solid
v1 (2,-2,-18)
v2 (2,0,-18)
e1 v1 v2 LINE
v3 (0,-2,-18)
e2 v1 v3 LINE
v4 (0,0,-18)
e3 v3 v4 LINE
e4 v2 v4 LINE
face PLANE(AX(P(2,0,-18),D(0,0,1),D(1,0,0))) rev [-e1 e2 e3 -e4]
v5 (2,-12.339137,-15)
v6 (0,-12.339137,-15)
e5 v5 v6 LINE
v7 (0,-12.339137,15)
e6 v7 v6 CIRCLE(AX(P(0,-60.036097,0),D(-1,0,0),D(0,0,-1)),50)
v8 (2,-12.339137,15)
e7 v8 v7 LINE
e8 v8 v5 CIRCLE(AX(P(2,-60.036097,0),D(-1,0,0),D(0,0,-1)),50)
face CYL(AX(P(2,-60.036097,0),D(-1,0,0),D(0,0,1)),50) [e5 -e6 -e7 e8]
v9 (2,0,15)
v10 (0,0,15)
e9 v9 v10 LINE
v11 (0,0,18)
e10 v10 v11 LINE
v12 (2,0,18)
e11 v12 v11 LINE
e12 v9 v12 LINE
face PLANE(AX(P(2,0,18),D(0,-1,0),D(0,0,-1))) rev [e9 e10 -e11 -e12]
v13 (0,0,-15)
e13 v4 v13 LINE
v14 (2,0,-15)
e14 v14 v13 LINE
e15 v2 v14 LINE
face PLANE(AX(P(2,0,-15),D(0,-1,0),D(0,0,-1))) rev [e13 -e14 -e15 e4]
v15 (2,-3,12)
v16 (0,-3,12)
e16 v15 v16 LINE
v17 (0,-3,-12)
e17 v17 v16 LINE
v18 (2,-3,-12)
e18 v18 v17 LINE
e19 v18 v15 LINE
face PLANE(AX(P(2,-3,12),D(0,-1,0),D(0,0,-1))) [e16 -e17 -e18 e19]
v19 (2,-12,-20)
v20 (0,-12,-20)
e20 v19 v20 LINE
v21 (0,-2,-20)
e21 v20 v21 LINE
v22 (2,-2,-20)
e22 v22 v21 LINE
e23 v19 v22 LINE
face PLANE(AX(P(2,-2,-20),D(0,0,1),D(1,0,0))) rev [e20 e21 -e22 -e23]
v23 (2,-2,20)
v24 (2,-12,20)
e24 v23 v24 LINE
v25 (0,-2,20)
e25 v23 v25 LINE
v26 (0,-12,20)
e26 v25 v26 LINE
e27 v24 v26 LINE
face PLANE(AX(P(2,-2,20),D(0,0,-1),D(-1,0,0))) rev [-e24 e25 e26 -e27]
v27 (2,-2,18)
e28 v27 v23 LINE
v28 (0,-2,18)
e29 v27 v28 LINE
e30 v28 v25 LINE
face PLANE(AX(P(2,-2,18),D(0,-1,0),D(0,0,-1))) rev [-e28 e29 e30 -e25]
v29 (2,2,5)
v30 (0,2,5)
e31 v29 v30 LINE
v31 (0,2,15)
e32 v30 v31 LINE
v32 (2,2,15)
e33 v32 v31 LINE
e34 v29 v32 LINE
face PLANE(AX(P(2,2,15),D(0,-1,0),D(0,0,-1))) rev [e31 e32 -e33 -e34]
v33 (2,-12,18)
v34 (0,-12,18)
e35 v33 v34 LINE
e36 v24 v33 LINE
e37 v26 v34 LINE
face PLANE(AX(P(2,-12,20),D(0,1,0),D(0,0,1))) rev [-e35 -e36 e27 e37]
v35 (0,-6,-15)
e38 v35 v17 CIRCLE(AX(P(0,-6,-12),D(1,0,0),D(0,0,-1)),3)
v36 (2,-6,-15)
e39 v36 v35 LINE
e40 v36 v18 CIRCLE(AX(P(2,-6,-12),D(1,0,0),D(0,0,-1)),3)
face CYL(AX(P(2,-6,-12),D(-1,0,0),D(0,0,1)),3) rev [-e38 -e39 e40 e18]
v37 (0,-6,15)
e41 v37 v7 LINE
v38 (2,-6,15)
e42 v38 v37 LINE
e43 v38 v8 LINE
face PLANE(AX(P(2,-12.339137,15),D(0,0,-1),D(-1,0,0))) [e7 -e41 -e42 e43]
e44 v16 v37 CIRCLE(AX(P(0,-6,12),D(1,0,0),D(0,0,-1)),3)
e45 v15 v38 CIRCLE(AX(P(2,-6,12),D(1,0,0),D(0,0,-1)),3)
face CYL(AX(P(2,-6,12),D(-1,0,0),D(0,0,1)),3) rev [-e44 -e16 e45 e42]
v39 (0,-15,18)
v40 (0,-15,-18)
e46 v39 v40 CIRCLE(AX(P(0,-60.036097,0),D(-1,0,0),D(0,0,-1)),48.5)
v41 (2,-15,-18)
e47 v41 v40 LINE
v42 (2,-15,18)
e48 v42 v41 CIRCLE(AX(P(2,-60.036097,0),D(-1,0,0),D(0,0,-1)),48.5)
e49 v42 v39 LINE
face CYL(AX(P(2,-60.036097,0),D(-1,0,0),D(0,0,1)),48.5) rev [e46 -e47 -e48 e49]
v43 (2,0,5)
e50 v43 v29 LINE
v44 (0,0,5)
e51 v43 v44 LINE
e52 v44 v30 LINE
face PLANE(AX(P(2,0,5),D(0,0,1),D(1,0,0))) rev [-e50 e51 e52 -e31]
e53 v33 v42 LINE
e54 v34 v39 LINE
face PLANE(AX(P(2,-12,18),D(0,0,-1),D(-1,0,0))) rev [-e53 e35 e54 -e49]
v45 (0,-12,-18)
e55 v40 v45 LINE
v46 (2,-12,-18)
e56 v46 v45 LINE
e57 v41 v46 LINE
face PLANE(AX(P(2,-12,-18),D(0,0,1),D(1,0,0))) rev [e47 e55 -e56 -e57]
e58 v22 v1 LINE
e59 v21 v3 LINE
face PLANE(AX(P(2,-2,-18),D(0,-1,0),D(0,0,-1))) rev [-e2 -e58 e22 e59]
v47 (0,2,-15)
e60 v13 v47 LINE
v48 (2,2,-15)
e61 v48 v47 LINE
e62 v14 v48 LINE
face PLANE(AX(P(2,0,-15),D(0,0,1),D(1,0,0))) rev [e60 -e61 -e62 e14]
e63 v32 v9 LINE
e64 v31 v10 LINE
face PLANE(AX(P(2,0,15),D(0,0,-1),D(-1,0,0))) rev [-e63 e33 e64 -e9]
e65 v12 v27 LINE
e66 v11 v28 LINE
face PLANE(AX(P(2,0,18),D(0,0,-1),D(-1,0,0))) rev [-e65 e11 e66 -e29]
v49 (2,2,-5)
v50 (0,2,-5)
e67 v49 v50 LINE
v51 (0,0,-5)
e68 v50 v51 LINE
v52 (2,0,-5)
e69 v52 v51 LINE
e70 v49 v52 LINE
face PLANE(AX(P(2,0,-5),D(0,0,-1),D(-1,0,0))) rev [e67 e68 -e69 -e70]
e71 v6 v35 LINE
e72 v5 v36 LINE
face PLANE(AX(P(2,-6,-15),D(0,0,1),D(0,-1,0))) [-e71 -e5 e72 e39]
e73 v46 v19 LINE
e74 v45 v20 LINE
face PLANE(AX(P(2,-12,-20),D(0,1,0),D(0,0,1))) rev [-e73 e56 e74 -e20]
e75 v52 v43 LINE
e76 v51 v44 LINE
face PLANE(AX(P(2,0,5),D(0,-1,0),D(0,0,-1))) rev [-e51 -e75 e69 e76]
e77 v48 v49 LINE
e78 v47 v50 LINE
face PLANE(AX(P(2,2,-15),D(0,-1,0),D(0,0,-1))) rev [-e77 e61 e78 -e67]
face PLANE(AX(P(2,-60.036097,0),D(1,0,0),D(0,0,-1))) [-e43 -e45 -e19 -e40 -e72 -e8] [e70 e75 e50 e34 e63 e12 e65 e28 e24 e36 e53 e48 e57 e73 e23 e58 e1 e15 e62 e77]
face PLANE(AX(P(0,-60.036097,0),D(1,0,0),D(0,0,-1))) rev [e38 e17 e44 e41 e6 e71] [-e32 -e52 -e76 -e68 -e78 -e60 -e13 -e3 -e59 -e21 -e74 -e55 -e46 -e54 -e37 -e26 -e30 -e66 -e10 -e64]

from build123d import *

# Parameters (mm, degrees)
BOSS_EXTRUDE1_DEPTH = 2


with BuildPart() as part:
    # Sketch1 → Boss-Extrude1 (new body)
    with BuildSketch(Plane(origin=(0, 0, 0), x_dir=(0, 0, -1), z_dir=(1, 0, 0))):
        with BuildLine():
            Line((-18, 0), (-15, 0))
            Line((-15, 0), (-15, 2))
            Line((-15, 2), (-5, 2))
            Line((-5, 2), (-5, 0))
            Line((-5, 0), (5, 0))
            Line((5, 0), (5, 2))
            Line((5, 2), (15, 2))
            Line((15, 2), (15, 0))
            Line((15, 0), (18, 0))
            Line((18, 0), (18, -2))
            Line((18, -2), (20, -2))
            Line((20, -2), (20, -12))
            Line((20, -12), (18, -12))
            Line((18, -12), (18, -15))
            ThreePointArc((18, -15), (0, -11.536096634), (-18, -15))
            Line((-18, -15), (-18, -12))
            Line((-18, -12), (-20, -12))
            Line((-20, -12), (-20, -2))
            Line((-20, -2), (-18, -2))
            Line((-18, -2), (-18, 0))
        make_face()
        with BuildLine():
            Line((-15, -12.339136563), (-15, -6))
            ThreePointArc((-15, -6), (-14.121320344, -3.878679656), (-12, -3))
            Line((-12, -3), (12, -3))
            ThreePointArc((12, -3), (14.121320344, -3.878679656), (15, -6))
            Line((15, -6), (15, -12.339136563))
            ThreePointArc((15, -12.339136563), (0, -10.036096634), (-15, -12.339136563))
        make_face(mode=Mode.SUBTRACT)
    extrude(amount=BOSS_EXTRUDE1_DEPTH)


solid = part.part
